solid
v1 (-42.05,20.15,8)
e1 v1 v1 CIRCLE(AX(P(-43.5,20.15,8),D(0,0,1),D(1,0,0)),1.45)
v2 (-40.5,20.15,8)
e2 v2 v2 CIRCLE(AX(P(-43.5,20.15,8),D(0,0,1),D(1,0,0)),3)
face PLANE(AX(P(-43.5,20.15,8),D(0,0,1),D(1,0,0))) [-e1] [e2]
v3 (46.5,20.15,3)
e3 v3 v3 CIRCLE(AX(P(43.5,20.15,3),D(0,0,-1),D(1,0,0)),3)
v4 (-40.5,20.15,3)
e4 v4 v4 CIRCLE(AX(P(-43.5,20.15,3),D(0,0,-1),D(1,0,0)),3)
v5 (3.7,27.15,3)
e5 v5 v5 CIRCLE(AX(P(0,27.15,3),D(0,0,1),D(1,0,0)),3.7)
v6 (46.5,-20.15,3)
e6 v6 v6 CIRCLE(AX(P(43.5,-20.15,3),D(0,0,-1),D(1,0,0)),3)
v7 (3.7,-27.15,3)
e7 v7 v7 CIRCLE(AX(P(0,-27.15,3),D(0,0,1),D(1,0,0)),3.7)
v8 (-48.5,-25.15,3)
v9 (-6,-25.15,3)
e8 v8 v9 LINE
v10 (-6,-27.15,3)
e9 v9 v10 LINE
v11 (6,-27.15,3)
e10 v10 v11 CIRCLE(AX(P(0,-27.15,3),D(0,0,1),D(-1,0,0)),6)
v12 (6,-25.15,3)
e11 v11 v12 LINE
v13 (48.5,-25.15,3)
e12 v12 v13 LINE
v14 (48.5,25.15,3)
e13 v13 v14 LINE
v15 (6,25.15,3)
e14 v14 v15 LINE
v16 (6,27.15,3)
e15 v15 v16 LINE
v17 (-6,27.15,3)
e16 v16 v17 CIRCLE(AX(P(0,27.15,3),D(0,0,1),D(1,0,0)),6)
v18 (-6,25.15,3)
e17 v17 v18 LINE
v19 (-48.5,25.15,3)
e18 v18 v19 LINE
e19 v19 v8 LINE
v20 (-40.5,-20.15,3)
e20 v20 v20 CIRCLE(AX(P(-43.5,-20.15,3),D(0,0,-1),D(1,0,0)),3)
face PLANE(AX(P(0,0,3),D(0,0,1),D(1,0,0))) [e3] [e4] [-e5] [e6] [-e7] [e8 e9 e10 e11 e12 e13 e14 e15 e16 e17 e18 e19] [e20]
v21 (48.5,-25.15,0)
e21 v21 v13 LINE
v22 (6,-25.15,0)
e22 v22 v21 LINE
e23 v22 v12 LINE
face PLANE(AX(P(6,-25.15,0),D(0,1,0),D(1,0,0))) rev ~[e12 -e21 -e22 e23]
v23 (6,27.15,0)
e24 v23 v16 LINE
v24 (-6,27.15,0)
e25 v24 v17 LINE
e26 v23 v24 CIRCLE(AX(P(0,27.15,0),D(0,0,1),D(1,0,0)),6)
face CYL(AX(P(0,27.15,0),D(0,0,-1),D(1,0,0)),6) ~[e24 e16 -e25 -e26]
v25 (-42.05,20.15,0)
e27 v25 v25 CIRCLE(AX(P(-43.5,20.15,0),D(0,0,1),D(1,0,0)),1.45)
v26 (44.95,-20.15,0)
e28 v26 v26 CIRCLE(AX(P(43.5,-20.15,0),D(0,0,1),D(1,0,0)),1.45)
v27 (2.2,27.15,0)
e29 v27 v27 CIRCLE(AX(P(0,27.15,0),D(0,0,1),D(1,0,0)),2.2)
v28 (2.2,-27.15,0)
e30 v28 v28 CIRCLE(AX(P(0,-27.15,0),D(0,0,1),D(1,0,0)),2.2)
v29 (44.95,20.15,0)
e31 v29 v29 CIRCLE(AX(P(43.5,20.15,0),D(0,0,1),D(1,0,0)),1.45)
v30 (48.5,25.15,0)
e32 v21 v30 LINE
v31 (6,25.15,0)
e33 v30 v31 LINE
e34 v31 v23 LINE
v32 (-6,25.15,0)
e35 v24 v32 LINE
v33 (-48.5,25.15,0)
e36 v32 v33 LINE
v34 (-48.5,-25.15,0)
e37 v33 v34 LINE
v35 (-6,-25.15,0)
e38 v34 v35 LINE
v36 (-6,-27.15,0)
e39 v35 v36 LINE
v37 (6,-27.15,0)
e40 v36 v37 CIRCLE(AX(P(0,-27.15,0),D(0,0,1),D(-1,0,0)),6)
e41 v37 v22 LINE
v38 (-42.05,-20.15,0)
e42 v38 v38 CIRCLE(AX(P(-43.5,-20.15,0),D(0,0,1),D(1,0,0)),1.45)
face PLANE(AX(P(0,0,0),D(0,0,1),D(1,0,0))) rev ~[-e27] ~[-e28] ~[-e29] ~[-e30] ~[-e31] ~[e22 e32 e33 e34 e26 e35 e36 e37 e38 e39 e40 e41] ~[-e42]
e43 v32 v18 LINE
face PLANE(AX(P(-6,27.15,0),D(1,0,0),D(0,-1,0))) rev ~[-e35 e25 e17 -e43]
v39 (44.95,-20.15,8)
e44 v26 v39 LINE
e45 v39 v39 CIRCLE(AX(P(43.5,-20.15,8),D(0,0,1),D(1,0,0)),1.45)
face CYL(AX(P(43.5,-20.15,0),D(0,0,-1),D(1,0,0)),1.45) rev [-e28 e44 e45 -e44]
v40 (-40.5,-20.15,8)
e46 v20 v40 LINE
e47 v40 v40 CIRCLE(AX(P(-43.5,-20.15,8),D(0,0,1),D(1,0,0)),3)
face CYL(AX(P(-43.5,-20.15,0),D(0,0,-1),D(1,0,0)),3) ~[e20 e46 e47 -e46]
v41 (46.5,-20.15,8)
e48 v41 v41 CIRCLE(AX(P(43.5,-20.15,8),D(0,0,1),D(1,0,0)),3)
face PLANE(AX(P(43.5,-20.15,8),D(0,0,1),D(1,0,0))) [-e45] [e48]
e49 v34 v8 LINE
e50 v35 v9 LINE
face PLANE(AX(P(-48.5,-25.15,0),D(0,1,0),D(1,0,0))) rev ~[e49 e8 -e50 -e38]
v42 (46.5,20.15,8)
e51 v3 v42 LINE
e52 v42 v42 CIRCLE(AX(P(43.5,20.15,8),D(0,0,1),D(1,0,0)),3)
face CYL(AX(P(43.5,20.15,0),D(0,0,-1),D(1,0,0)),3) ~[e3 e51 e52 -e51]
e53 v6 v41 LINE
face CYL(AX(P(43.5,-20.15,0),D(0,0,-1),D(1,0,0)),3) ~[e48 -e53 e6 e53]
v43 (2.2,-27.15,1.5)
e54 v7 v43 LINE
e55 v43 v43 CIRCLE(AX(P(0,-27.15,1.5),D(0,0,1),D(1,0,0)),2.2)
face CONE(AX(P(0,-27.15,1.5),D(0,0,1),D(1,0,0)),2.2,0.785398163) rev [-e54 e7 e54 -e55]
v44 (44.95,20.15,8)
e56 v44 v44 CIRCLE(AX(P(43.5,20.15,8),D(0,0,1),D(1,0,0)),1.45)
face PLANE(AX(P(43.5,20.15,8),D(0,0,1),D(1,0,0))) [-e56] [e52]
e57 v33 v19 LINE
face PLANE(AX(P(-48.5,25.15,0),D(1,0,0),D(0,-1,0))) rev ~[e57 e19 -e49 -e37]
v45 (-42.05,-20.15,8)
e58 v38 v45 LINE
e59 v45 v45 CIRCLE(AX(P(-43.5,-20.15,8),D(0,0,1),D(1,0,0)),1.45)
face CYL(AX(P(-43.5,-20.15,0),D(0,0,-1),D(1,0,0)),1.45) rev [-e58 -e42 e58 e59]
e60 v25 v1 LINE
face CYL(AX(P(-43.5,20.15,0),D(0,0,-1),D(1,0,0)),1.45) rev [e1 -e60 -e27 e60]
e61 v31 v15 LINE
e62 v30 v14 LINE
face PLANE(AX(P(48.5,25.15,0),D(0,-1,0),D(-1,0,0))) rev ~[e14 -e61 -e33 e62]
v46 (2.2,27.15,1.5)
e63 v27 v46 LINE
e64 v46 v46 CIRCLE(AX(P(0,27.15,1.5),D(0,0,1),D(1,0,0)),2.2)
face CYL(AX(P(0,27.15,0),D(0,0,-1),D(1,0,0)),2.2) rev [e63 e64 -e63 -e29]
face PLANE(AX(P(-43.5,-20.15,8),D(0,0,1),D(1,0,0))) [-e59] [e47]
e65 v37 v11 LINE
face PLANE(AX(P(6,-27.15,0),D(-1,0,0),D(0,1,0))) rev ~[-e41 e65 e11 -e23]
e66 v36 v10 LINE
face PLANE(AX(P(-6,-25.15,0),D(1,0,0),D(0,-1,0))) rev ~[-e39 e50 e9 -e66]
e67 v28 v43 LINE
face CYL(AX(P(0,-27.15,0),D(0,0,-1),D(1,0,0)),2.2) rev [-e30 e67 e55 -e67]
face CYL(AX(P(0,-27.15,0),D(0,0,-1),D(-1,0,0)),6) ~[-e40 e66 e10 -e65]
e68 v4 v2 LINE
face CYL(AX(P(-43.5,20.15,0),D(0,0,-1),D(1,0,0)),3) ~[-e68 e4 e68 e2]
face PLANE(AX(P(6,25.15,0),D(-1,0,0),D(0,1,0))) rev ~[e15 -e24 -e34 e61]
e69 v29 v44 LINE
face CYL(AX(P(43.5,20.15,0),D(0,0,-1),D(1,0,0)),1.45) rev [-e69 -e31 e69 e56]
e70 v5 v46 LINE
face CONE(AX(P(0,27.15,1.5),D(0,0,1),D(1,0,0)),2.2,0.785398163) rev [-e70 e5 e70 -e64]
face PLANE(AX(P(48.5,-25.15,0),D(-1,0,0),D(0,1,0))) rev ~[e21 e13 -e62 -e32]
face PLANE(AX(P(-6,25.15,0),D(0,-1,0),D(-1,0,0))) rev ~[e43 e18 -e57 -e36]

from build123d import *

# Parameters (mm, degrees)
F0_R     = 3
F0_R_2   = 2.2
F0_R_3   = 1.45
F1_DEPTH = 3
F2_DEPTH = 8
F3_SIZE  = 1.5


with BuildPart() as f1:
    # F0 (on Top) → F1 (new body)
    with BuildSketch(Plane.XY):
        with BuildLine():
            Line((48.5, -25.15), (48.5, 25.15))
            Line((48.5, 25.15), (6, 25.15))
            Line((6, 25.15), (6, 27.15))
            ThreePointArc((6, 27.15), (0, 33.15), (-6, 27.15))
            Line((-6, 27.15), (-6, 25.15))
            Line((-6, 25.15), (-48.5, 25.15))
            Line((-48.5, 25.15), (-48.5, -25.15))
            Line((-48.5, -25.15), (-6, -25.15))
            Line((-6, -25.15), (-6, -27.15))
            ThreePointArc((-6, -27.15), (0, -33.15), (6, -27.15))
            Line((6, -27.15), (6, -25.15))
            Line((6, -25.15), (48.5, -25.15))
        make_face()
        with Locations((-43.5, -20.15)):
            Circle(F0_R, mode=Mode.SUBTRACT)
        with Locations((0, -27.15)):
            Circle(F0_R_2, mode=Mode.SUBTRACT)
        with Locations((43.5, -20.15)):
            Circle(F0_R, mode=Mode.SUBTRACT)
        with Locations((-43.5, 20.15)):
            Circle(F0_R, mode=Mode.SUBTRACT)
        with Locations((0, 27.15)):
            Circle(F0_R_2, mode=Mode.SUBTRACT)
        with Locations((43.5, 20.15)):
            Circle(F0_R, mode=Mode.SUBTRACT)
        with Locations((-43.5, 20.15)):
            Circle(F0_R)
        with Locations((-43.5, 20.15)):
            Circle(F0_R_3, mode=Mode.SUBTRACT)
        with Locations((-43.5, -20.15)):
            Circle(F0_R)
        with Locations((-43.5, -20.15)):
            Circle(F0_R_3, mode=Mode.SUBTRACT)
        with Locations((43.5, -20.15)):
            Circle(F0_R)
        with Locations((43.5, -20.15)):
            Circle(F0_R_3, mode=Mode.SUBTRACT)
        with Locations((43.5, 20.15)):
            Circle(F0_R)
        with Locations((43.5, 20.15)):
            Circle(F0_R_3, mode=Mode.SUBTRACT)
    extrude(amount=F1_DEPTH)

    # F0 (on Top) → F2 (join)
    with BuildSketch(Plane.XY):
        with Locations((-43.5, 20.15)):
            Circle(F0_R)
        with Locations((-43.5, 20.15)):
            Circle(F0_R_3, mode=Mode.SUBTRACT)
        with Locations((-43.5, -20.15)):
            Circle(F0_R)
        with Locations((-43.5, -20.15)):
            Circle(F0_R_3, mode=Mode.SUBTRACT)
        with Locations((43.5, 20.15)):
            Circle(F0_R)
        with Locations((43.5, 20.15)):
            Circle(F0_R_3, mode=Mode.SUBTRACT)
        with Locations((43.5, -20.15)):
            Circle(F0_R)
        with Locations((43.5, -20.15)):
            Circle(F0_R_3, mode=Mode.SUBTRACT)
    extrude(amount=F2_DEPTH)

    # F3
    f3_edges = [f1.edges().sort_by_distance(p)[0] for p in [
        (-2.2, 27.15, 3),
        (-2.2, -27.15, 3),
    ]]
    chamfer(f3_edges, length=F3_SIZE)


solid = f1.part
